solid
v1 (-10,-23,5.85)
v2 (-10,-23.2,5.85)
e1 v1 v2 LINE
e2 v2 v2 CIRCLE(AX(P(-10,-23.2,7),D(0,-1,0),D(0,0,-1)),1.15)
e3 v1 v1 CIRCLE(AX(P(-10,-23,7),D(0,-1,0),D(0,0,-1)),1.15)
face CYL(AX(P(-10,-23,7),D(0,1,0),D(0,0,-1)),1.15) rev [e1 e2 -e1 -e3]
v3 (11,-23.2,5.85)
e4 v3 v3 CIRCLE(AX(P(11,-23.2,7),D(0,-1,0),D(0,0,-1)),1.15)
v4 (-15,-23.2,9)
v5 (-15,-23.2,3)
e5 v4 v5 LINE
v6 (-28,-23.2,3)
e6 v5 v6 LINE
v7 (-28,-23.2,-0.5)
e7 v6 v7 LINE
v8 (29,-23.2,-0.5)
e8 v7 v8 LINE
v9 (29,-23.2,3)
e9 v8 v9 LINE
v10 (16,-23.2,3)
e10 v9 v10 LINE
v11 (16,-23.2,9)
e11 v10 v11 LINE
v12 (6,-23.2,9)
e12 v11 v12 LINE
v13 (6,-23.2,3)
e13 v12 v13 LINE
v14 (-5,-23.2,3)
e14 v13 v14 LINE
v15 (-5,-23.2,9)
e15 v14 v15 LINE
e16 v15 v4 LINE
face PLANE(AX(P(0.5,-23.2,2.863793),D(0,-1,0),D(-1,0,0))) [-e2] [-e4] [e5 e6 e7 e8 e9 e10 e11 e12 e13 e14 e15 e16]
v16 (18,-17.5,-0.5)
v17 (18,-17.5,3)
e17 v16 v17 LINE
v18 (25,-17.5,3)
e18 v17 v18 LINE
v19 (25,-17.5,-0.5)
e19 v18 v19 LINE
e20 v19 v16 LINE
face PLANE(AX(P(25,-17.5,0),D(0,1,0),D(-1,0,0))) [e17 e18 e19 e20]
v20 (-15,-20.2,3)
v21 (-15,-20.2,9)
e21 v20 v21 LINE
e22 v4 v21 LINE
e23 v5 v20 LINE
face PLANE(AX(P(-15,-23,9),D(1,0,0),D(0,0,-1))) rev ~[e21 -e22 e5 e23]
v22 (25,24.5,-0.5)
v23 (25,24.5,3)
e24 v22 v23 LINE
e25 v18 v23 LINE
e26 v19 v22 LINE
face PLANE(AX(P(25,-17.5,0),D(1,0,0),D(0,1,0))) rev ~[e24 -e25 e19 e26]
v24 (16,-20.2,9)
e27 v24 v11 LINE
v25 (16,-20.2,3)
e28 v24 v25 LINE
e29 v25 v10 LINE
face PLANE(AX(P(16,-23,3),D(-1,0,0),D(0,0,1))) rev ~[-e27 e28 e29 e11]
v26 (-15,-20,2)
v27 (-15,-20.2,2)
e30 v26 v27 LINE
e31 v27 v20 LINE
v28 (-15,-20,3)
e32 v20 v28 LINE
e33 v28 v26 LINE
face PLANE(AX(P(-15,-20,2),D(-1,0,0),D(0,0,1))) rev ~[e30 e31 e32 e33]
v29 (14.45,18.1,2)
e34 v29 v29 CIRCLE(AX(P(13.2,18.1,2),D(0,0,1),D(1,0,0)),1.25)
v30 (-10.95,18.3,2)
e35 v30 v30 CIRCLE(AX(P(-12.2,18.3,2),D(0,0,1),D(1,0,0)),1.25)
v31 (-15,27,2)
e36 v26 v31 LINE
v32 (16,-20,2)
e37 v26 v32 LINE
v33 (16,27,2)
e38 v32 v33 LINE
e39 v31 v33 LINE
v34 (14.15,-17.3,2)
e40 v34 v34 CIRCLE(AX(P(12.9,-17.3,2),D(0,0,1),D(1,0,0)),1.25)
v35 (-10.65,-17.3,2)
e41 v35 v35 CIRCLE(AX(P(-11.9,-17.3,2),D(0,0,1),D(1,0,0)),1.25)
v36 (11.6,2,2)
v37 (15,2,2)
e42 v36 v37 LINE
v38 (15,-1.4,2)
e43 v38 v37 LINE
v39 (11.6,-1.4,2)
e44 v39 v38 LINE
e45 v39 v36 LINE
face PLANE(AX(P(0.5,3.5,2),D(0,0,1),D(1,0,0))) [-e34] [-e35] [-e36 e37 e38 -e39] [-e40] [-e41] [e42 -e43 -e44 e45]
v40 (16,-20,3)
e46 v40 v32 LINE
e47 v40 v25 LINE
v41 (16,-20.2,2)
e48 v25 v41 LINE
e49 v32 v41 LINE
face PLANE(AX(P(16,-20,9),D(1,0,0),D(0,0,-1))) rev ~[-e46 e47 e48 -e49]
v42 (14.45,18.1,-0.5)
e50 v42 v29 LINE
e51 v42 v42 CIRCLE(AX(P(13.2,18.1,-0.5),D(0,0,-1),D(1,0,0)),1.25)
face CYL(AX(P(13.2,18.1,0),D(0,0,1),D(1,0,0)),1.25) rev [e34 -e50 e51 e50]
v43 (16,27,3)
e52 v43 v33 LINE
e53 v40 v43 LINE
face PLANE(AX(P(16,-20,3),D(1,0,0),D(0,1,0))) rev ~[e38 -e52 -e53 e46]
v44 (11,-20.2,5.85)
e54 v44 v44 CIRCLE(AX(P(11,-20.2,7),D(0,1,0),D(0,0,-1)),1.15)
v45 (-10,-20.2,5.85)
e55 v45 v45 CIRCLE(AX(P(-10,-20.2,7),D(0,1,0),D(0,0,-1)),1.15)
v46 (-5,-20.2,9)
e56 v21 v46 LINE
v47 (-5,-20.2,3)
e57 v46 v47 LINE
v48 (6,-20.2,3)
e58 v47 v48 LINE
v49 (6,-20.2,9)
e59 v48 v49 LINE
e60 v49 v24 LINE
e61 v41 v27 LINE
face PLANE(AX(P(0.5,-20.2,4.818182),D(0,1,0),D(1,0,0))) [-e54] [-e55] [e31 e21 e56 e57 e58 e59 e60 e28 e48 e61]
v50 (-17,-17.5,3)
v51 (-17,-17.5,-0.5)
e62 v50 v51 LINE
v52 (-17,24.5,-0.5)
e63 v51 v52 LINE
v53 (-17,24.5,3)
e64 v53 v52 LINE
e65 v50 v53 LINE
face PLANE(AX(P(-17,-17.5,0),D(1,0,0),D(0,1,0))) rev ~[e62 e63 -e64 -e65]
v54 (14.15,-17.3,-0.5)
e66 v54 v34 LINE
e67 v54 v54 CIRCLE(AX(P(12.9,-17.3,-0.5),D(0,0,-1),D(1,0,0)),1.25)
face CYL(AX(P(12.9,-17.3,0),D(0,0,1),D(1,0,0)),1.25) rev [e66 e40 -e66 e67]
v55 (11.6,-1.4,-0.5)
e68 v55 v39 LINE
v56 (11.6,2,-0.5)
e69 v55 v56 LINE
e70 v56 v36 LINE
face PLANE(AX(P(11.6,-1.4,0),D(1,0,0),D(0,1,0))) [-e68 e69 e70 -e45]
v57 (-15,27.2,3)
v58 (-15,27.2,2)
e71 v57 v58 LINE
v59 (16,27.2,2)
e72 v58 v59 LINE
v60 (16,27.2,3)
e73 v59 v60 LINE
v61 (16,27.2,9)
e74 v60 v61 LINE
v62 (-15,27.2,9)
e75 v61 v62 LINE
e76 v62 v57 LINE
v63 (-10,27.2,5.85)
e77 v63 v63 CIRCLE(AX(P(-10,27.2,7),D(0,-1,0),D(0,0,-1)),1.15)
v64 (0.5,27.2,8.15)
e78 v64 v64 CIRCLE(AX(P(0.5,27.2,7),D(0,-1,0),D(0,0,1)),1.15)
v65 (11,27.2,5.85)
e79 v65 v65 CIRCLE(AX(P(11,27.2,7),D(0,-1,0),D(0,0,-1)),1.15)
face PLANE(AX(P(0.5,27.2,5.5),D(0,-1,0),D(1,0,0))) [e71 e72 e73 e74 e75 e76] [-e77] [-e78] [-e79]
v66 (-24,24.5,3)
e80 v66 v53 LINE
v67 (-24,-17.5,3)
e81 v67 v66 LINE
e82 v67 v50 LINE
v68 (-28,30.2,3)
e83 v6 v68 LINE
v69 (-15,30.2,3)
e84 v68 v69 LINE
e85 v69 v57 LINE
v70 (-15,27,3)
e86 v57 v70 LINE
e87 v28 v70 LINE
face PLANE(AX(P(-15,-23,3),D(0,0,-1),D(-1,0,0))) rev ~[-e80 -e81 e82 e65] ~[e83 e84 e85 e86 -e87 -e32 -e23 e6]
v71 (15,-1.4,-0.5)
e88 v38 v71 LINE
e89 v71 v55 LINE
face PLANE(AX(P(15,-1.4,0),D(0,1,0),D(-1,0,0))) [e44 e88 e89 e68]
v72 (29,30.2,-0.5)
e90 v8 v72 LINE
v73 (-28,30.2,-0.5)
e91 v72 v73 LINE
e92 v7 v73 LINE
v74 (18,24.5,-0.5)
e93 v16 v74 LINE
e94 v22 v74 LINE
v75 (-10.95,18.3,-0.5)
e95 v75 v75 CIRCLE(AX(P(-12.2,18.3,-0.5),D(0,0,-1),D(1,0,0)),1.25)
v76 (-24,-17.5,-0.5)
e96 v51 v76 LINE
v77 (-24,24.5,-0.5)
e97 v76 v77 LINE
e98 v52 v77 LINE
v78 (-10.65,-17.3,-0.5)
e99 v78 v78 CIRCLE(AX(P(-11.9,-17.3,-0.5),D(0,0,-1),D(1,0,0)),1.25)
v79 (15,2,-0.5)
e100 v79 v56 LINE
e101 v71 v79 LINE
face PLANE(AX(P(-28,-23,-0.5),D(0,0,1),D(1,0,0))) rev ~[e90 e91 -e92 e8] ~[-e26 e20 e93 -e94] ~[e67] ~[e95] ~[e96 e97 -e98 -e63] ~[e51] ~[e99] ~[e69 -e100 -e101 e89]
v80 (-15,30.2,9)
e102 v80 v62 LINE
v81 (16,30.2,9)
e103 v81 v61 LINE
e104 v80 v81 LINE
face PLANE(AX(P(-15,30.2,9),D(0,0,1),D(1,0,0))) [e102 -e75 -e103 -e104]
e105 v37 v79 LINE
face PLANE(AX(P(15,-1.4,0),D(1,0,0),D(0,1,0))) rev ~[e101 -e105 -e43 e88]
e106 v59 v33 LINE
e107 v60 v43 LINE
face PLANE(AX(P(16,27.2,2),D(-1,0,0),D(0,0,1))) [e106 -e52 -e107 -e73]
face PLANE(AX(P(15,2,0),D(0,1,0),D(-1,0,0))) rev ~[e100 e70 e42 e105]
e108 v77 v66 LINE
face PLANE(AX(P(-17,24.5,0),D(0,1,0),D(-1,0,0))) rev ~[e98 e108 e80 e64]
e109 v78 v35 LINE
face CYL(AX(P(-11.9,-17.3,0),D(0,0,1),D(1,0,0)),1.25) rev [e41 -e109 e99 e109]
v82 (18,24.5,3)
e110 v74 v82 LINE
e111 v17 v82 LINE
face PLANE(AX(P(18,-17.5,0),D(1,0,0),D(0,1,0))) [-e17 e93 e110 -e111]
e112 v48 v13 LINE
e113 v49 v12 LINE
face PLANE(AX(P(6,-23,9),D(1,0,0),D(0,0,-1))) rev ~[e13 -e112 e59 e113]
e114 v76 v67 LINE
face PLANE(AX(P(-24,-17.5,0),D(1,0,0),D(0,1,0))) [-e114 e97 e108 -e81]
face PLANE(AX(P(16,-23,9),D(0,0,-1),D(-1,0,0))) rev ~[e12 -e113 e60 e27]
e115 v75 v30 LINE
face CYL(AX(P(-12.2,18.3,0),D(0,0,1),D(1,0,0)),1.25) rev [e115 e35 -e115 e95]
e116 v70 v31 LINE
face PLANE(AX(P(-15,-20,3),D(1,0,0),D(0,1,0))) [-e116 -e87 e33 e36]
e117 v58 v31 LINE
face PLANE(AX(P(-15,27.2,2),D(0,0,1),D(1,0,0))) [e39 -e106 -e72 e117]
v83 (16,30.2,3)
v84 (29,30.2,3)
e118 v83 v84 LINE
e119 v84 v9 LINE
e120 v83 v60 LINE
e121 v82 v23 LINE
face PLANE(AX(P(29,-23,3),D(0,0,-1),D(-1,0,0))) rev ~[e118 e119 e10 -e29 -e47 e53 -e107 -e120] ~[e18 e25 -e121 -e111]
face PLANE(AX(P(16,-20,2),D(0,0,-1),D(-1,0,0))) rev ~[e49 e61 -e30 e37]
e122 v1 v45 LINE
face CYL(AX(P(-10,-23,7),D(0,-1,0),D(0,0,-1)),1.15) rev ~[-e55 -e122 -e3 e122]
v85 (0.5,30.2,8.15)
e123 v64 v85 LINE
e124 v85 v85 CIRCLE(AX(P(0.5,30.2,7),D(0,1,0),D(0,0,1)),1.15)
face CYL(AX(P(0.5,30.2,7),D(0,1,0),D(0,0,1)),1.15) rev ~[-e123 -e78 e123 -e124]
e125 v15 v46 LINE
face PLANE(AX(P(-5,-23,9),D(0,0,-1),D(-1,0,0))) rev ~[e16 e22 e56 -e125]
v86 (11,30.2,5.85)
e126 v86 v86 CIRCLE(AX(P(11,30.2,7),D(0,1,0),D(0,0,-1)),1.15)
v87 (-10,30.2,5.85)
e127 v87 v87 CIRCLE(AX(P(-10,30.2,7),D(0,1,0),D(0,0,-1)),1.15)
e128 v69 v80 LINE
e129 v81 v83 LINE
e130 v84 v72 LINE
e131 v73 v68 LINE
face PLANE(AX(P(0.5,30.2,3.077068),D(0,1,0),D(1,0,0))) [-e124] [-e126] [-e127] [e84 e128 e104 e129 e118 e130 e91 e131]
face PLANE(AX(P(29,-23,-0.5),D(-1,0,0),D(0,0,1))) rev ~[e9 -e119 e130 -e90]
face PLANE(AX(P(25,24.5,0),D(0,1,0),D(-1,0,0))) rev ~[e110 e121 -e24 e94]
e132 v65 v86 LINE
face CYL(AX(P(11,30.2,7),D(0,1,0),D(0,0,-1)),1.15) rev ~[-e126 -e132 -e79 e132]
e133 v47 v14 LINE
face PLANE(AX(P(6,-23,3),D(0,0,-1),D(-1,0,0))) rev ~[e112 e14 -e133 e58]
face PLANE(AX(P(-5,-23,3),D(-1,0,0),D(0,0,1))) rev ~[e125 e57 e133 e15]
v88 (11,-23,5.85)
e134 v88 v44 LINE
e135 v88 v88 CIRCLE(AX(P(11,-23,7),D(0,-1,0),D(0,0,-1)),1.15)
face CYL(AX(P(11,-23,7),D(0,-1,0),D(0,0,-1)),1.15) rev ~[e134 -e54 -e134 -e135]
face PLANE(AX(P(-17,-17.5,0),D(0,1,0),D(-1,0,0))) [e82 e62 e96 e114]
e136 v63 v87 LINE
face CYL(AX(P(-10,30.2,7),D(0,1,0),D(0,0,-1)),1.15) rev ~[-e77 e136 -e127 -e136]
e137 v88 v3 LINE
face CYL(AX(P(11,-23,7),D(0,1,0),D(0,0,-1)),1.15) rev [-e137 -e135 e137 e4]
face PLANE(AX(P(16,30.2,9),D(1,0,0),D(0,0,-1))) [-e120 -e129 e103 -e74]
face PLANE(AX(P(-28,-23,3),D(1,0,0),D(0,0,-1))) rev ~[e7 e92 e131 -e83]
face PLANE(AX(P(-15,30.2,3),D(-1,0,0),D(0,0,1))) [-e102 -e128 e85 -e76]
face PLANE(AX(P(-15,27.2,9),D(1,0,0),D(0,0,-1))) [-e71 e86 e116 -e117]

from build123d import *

# Parameters (mm, degrees)
SKETCH_1_W          = 57
SKETCH_1_H          = 51
SKETCH_1_W_2        = 3.4
SKETCH_1_H_2        = 3.4
SKETCH_1_W_3        = 7
SKETCH_1_H_3        = 42
EXTRUDE_1_DEPTH     = 3
SKETCH_2_W          = 31
SKETCH_2_H          = 47
CUT_EXTRUDE_1_DEPTH = 1
SKETCH_3_R          = 1.25
CUT_EXTRUDE_2_DEPTH = 42.060930335
SKETCH_5_W          = 57
SKETCH_5_H          = 3
EXTRUDE_2_DEPTH     = 1
SKETCH_6_W          = 57
SKETCH_6_H          = 3
EXTRUDE_3_DEPTH     = 1
SKETCH_7_W          = 10
SKETCH_7_H          = 3
EXTRUDE_4_DEPTH     = 6
SKETCH_8_W          = 31
SKETCH_8_H          = 3
EXTRUDE_5_DEPTH     = 6
CUT_EXTRUDE_3_REACH = 63.082
SKETCH_9_R          = 1.15
CUT_EXTRUDE_4_REACH = 63.082
SKETCH_10_R         = 1.15
SKETCH_12_W         = 57
SKETCH_12_H         = 53
SKETCH_12_R         = 1.25
SKETCH_12_W_2       = 3.4
SKETCH_12_H_2       = 3.4
SKETCH_12_W_3       = 7
SKETCH_12_H_3       = 42
EXTRUDE_6_DEPTH     = 0.5
EXTRUDE_START       = 0.2
SKETCH_13_R         = 1.15
EXTRUDE_7_DEPTH     = 0.2
SKETCH_14_R         = 1.15
EXTRUDE_8_DEPTH     = 0.2
SKETCH_15_R         = 1.15
CUT_EXTRUDE_5_DEPTH = 0.2
CUT_EXTRUDE_START   = -0.2
SKETCH_16_R         = 1.15
CUT_EXTRUDE_6_DEPTH = 0.2


with BuildPart() as part:
    # 草图1 → 凸台-拉伸1 (new body)
    with BuildSketch(Plane.XY):
        with Locations((0.5, 3.5)):
            Rectangle(SKETCH_1_W, SKETCH_1_H)
        with Locations((13.3, 0.3)):
            Rectangle(SKETCH_1_W_2, SKETCH_1_H_2, mode=Mode.SUBTRACT)
        with Locations((21.5, 3.5)):
            Rectangle(SKETCH_1_W_3, SKETCH_1_H_3, mode=Mode.SUBTRACT)
        with Locations((-20.5, 3.5)):
            Rectangle(SKETCH_1_W_3, SKETCH_1_H_3, mode=Mode.SUBTRACT)
    extrude(amount=EXTRUDE_1_DEPTH)

    # 草图2 → 切除-拉伸1 (cut)
    with BuildSketch(Plane.XY.offset(3)):
        with Locations((0.5, 3.5)):
            Rectangle(SKETCH_2_W, SKETCH_2_H)
    extrude(amount=-CUT_EXTRUDE_1_DEPTH, mode=Mode.SUBTRACT)

    # 草图3 → 切除-拉伸2 (cut, through all)
    with BuildSketch(Plane.XY.offset(2)):
        with Locations((-12.2, 18.3)):
            Circle(SKETCH_3_R)
        with Locations((13.2, 18.1)):
            Circle(SKETCH_3_R)
        with Locations((12.9, -17.3)):
            Circle(SKETCH_3_R)
        with Locations((-11.9, -17.3)):
            Circle(SKETCH_3_R)
    extrude(amount=-CUT_EXTRUDE_2_DEPTH, mode=Mode.SUBTRACT)

    # 草图5 → 凸台-拉伸2 (add)
    with BuildSketch(Plane(origin=(0, 29, 0), x_dir=(1, 0, 0), z_dir=(0, 1, 0))):
        with Locations((0.5, -1.5)):
            Rectangle(SKETCH_5_W, SKETCH_5_H)
    extrude(amount=EXTRUDE_2_DEPTH)

    # 草图6 → 凸台-拉伸3 (add)
    with BuildSketch(Plane(origin=(0, -22, 0), x_dir=(-1, 0, 0), z_dir=(0, -1, 0))):
        with Locations((-0.5, -1.5)):
            Rectangle(SKETCH_6_W, SKETCH_6_H)
    extrude(amount=EXTRUDE_3_DEPTH)

    # 草图7 → 凸台-拉伸4 (add)
    with BuildSketch(Plane.XY.offset(3)):
        with Locations((-10, -21.5)):
            Rectangle(SKETCH_7_W, SKETCH_7_H)
        with Locations((11, -21.5)):
            Rectangle(SKETCH_7_W, SKETCH_7_H)
    extrude(amount=EXTRUDE_4_DEPTH)

    # 草图8 → 凸台-拉伸5 (add)
    with BuildSketch(Plane.XY.offset(3)):
        with Locations((0.5, 28.5)):
            Rectangle(SKETCH_8_W, SKETCH_8_H)
    extrude(amount=EXTRUDE_5_DEPTH)

    # 草图9 → 切除-拉伸3 (cut, up to next)
    with BuildSketch(Plane.XZ.offset(23), mode=Mode.PRIVATE) as cut_extrude_3_sk1:
        with Locations(Location((-10, 7, 0), (0, 0, 270))):
            Circle(SKETCH_9_R)
    cut_extrude_3_tool1 = extrude(cut_extrude_3_sk1.sketch, amount=-CUT_EXTRUDE_3_REACH, mode=Mode.PRIVATE) & part.part
    # 草图9 → 切除-拉伸3 (cut, up to next)
    with BuildSketch(Plane.XZ.offset(23), mode=Mode.PRIVATE) as cut_extrude_3_sk2:
        with Locations(Location((11, 7, 0), (0, 0, 270))):
            Circle(SKETCH_9_R)
    cut_extrude_3_tool2 = extrude(cut_extrude_3_sk2.sketch, amount=-CUT_EXTRUDE_3_REACH, mode=Mode.PRIVATE) & part.part
    add(cut_extrude_3_tool1.solids().sort_by_distance((-10, -23, 7))[0], mode=Mode.SUBTRACT)
    add(cut_extrude_3_tool2.solids().sort_by_distance((11, -23, 7))[0], mode=Mode.SUBTRACT)

    # 草图10 → 切除-拉伸4 (cut, up to next)
    with BuildSketch(Plane(origin=(0, 30, 0), x_dir=(1, 0, 0), z_dir=(0, 1, 0)), mode=Mode.PRIVATE) as cut_extrude_4_sk1:
        with Locations(Location((-10, -7, 0), (0, 0, 90))):
            Circle(SKETCH_10_R)
    cut_extrude_4_tool1 = extrude(cut_extrude_4_sk1.sketch, amount=-CUT_EXTRUDE_4_REACH, mode=Mode.PRIVATE) & part.part
    # 草图10 → 切除-拉伸4 (cut, up to next)
    with BuildSketch(Plane(origin=(0, 30, 0), x_dir=(1, 0, 0), z_dir=(0, 1, 0)), mode=Mode.PRIVATE) as cut_extrude_4_sk2:
        with Locations(Location((0.5, -7, 0), (0, 0, 270))):
            Circle(SKETCH_10_R)
    cut_extrude_4_tool2 = extrude(cut_extrude_4_sk2.sketch, amount=-CUT_EXTRUDE_4_REACH, mode=Mode.PRIVATE) & part.part
    # 草图10 → 切除-拉伸4 (cut, up to next)
    with BuildSketch(Plane(origin=(0, 30, 0), x_dir=(1, 0, 0), z_dir=(0, 1, 0)), mode=Mode.PRIVATE) as cut_extrude_4_sk3:
        with Locations(Location((11, -7, 0), (0, 0, 90))):
            Circle(SKETCH_10_R)
    cut_extrude_4_tool3 = extrude(cut_extrude_4_sk3.sketch, amount=-CUT_EXTRUDE_4_REACH, mode=Mode.PRIVATE) & part.part
    add(cut_extrude_4_tool1.solids().sort_by_distance((-10, 30, 7))[0], mode=Mode.SUBTRACT)
    add(cut_extrude_4_tool2.solids().sort_by_distance((0.5, 30, 7))[0], mode=Mode.SUBTRACT)
    add(cut_extrude_4_tool3.solids().sort_by_distance((11, 30, 7))[0], mode=Mode.SUBTRACT)

    # 草图12 → 凸台-拉伸6 (add)
    with BuildSketch(Plane(origin=(0, 0, 0), x_dir=(-1, 0, 0), z_dir=(0, 0, -1))):
        with Locations((-0.5, 3.5)):
            Rectangle(SKETCH_12_W, SKETCH_12_H)
        with Locations(Location((-12.9, -17.3, 0), (0, 0, 180))):
            Circle(SKETCH_12_R, mode=Mode.SUBTRACT)
        with Locations(Location((12.2, 18.3, 0), (0, 0, 180))):
            Circle(SKETCH_12_R, mode=Mode.SUBTRACT)
        with Locations(Location((-13.2, 18.1, 0), (0, 0, 180))):
            Circle(SKETCH_12_R, mode=Mode.SUBTRACT)
        with Locations(Location((11.9, -17.3, 0), (0, 0, 180))):
            Circle(SKETCH_12_R, mode=Mode.SUBTRACT)
        with Locations((-13.3, 0.3)):
            Rectangle(SKETCH_12_W_2, SKETCH_12_H_2, mode=Mode.SUBTRACT)
        with Locations((20.5, 3.5)):
            Rectangle(SKETCH_12_W_3, SKETCH_12_H_3, mode=Mode.SUBTRACT)
        with Locations((-21.5, 3.5)):
            Rectangle(SKETCH_12_W_3, SKETCH_12_H_3, mode=Mode.SUBTRACT)
    extrude(amount=EXTRUDE_6_DEPTH)

    # 草图13 → 凸台-拉伸7 (add)
    with BuildSketch(Plane(origin=(0, 30, 0), x_dir=(1, 0, 0), z_dir=(0, 1, 0)).offset(EXTRUDE_START)):
        Polygon((16, -3), (29, -3), (29, 0.5), (-28, 0.5), (-28, -3), (-15, -3), (-15, -9), (16, -9), align=None)
        with Locations(Location((0.5, -7, 0), (0, 0, 270))):
            Circle(SKETCH_13_R, mode=Mode.SUBTRACT)
        with Locations(Location((11, -7, 0), (0, 0, 90))):
            Circle(SKETCH_13_R, mode=Mode.SUBTRACT)
        with Locations(Location((-10, -7, 0), (0, 0, 90))):
            Circle(SKETCH_13_R, mode=Mode.SUBTRACT)
    extrude(amount=-EXTRUDE_7_DEPTH)

    # 草图14 → 凸台-拉伸8 (add)
    with BuildSketch(Plane(origin=(0, -23, 0), x_dir=(-1, 0, 0), z_dir=(0, -1, 0))):
        Polygon((-29, 0.5), (-29, -3), (-16, -3), (-16, -9), (-6, -9), (-6, -3), (5, -3), (5, -9), (15, -9), (15, -3), (28, -3), (28, 0.5), align=None)
        with Locations(Location((-11, -7, 0), (0, 0, 90))):
            Circle(SKETCH_14_R, mode=Mode.SUBTRACT)
        with Locations(Location((10, -7, 0), (0, 0, 90))):
            Circle(SKETCH_14_R, mode=Mode.SUBTRACT)
    extrude(amount=EXTRUDE_8_DEPTH)

    # 草图15 → 切除-拉伸5 (cut)
    with BuildSketch(Plane(origin=(0, -20, 0), x_dir=(1, 0, 0), z_dir=(0, 1, 0))):
        Polygon((16, -2), (-15, -2), (-15, -3), (-15, -9), (-5, -9), (-5, -3), (6, -3), (6, -9), (16, -9), (16, -3), align=None)
        with Locations(Location((11, -7, 0), (0, 0, 90))):
            Circle(SKETCH_15_R, mode=Mode.SUBTRACT)
        with Locations(Location((-10, -7, 0), (0, 0, 90))):
            Circle(SKETCH_15_R, mode=Mode.SUBTRACT)
    extrude(amount=-CUT_EXTRUDE_5_DEPTH, mode=Mode.SUBTRACT)

    # 草图16 → 切除-拉伸6 (cut)
    with BuildSketch(Plane.XZ.offset(-27).offset(CUT_EXTRUDE_START)):
        Polygon((-15, 2), (16, 2), (16, 3), (16, 9), (-15, 9), (-15, 3), align=None)
        with Locations(Location((0.5, 7, 0), (0, 0, 90))):
            Circle(SKETCH_16_R, mode=Mode.SUBTRACT)
        with Locations(Location((11, 7, 0), (0, 0, 90))):
            Circle(SKETCH_16_R, mode=Mode.SUBTRACT)
        with Locations(Location((-10, 7, 0), (0, 0, 90))):
            Circle(SKETCH_16_R, mode=Mode.SUBTRACT)
    extrude(amount=CUT_EXTRUDE_6_DEPTH, mode=Mode.SUBTRACT)


solid = part.part
